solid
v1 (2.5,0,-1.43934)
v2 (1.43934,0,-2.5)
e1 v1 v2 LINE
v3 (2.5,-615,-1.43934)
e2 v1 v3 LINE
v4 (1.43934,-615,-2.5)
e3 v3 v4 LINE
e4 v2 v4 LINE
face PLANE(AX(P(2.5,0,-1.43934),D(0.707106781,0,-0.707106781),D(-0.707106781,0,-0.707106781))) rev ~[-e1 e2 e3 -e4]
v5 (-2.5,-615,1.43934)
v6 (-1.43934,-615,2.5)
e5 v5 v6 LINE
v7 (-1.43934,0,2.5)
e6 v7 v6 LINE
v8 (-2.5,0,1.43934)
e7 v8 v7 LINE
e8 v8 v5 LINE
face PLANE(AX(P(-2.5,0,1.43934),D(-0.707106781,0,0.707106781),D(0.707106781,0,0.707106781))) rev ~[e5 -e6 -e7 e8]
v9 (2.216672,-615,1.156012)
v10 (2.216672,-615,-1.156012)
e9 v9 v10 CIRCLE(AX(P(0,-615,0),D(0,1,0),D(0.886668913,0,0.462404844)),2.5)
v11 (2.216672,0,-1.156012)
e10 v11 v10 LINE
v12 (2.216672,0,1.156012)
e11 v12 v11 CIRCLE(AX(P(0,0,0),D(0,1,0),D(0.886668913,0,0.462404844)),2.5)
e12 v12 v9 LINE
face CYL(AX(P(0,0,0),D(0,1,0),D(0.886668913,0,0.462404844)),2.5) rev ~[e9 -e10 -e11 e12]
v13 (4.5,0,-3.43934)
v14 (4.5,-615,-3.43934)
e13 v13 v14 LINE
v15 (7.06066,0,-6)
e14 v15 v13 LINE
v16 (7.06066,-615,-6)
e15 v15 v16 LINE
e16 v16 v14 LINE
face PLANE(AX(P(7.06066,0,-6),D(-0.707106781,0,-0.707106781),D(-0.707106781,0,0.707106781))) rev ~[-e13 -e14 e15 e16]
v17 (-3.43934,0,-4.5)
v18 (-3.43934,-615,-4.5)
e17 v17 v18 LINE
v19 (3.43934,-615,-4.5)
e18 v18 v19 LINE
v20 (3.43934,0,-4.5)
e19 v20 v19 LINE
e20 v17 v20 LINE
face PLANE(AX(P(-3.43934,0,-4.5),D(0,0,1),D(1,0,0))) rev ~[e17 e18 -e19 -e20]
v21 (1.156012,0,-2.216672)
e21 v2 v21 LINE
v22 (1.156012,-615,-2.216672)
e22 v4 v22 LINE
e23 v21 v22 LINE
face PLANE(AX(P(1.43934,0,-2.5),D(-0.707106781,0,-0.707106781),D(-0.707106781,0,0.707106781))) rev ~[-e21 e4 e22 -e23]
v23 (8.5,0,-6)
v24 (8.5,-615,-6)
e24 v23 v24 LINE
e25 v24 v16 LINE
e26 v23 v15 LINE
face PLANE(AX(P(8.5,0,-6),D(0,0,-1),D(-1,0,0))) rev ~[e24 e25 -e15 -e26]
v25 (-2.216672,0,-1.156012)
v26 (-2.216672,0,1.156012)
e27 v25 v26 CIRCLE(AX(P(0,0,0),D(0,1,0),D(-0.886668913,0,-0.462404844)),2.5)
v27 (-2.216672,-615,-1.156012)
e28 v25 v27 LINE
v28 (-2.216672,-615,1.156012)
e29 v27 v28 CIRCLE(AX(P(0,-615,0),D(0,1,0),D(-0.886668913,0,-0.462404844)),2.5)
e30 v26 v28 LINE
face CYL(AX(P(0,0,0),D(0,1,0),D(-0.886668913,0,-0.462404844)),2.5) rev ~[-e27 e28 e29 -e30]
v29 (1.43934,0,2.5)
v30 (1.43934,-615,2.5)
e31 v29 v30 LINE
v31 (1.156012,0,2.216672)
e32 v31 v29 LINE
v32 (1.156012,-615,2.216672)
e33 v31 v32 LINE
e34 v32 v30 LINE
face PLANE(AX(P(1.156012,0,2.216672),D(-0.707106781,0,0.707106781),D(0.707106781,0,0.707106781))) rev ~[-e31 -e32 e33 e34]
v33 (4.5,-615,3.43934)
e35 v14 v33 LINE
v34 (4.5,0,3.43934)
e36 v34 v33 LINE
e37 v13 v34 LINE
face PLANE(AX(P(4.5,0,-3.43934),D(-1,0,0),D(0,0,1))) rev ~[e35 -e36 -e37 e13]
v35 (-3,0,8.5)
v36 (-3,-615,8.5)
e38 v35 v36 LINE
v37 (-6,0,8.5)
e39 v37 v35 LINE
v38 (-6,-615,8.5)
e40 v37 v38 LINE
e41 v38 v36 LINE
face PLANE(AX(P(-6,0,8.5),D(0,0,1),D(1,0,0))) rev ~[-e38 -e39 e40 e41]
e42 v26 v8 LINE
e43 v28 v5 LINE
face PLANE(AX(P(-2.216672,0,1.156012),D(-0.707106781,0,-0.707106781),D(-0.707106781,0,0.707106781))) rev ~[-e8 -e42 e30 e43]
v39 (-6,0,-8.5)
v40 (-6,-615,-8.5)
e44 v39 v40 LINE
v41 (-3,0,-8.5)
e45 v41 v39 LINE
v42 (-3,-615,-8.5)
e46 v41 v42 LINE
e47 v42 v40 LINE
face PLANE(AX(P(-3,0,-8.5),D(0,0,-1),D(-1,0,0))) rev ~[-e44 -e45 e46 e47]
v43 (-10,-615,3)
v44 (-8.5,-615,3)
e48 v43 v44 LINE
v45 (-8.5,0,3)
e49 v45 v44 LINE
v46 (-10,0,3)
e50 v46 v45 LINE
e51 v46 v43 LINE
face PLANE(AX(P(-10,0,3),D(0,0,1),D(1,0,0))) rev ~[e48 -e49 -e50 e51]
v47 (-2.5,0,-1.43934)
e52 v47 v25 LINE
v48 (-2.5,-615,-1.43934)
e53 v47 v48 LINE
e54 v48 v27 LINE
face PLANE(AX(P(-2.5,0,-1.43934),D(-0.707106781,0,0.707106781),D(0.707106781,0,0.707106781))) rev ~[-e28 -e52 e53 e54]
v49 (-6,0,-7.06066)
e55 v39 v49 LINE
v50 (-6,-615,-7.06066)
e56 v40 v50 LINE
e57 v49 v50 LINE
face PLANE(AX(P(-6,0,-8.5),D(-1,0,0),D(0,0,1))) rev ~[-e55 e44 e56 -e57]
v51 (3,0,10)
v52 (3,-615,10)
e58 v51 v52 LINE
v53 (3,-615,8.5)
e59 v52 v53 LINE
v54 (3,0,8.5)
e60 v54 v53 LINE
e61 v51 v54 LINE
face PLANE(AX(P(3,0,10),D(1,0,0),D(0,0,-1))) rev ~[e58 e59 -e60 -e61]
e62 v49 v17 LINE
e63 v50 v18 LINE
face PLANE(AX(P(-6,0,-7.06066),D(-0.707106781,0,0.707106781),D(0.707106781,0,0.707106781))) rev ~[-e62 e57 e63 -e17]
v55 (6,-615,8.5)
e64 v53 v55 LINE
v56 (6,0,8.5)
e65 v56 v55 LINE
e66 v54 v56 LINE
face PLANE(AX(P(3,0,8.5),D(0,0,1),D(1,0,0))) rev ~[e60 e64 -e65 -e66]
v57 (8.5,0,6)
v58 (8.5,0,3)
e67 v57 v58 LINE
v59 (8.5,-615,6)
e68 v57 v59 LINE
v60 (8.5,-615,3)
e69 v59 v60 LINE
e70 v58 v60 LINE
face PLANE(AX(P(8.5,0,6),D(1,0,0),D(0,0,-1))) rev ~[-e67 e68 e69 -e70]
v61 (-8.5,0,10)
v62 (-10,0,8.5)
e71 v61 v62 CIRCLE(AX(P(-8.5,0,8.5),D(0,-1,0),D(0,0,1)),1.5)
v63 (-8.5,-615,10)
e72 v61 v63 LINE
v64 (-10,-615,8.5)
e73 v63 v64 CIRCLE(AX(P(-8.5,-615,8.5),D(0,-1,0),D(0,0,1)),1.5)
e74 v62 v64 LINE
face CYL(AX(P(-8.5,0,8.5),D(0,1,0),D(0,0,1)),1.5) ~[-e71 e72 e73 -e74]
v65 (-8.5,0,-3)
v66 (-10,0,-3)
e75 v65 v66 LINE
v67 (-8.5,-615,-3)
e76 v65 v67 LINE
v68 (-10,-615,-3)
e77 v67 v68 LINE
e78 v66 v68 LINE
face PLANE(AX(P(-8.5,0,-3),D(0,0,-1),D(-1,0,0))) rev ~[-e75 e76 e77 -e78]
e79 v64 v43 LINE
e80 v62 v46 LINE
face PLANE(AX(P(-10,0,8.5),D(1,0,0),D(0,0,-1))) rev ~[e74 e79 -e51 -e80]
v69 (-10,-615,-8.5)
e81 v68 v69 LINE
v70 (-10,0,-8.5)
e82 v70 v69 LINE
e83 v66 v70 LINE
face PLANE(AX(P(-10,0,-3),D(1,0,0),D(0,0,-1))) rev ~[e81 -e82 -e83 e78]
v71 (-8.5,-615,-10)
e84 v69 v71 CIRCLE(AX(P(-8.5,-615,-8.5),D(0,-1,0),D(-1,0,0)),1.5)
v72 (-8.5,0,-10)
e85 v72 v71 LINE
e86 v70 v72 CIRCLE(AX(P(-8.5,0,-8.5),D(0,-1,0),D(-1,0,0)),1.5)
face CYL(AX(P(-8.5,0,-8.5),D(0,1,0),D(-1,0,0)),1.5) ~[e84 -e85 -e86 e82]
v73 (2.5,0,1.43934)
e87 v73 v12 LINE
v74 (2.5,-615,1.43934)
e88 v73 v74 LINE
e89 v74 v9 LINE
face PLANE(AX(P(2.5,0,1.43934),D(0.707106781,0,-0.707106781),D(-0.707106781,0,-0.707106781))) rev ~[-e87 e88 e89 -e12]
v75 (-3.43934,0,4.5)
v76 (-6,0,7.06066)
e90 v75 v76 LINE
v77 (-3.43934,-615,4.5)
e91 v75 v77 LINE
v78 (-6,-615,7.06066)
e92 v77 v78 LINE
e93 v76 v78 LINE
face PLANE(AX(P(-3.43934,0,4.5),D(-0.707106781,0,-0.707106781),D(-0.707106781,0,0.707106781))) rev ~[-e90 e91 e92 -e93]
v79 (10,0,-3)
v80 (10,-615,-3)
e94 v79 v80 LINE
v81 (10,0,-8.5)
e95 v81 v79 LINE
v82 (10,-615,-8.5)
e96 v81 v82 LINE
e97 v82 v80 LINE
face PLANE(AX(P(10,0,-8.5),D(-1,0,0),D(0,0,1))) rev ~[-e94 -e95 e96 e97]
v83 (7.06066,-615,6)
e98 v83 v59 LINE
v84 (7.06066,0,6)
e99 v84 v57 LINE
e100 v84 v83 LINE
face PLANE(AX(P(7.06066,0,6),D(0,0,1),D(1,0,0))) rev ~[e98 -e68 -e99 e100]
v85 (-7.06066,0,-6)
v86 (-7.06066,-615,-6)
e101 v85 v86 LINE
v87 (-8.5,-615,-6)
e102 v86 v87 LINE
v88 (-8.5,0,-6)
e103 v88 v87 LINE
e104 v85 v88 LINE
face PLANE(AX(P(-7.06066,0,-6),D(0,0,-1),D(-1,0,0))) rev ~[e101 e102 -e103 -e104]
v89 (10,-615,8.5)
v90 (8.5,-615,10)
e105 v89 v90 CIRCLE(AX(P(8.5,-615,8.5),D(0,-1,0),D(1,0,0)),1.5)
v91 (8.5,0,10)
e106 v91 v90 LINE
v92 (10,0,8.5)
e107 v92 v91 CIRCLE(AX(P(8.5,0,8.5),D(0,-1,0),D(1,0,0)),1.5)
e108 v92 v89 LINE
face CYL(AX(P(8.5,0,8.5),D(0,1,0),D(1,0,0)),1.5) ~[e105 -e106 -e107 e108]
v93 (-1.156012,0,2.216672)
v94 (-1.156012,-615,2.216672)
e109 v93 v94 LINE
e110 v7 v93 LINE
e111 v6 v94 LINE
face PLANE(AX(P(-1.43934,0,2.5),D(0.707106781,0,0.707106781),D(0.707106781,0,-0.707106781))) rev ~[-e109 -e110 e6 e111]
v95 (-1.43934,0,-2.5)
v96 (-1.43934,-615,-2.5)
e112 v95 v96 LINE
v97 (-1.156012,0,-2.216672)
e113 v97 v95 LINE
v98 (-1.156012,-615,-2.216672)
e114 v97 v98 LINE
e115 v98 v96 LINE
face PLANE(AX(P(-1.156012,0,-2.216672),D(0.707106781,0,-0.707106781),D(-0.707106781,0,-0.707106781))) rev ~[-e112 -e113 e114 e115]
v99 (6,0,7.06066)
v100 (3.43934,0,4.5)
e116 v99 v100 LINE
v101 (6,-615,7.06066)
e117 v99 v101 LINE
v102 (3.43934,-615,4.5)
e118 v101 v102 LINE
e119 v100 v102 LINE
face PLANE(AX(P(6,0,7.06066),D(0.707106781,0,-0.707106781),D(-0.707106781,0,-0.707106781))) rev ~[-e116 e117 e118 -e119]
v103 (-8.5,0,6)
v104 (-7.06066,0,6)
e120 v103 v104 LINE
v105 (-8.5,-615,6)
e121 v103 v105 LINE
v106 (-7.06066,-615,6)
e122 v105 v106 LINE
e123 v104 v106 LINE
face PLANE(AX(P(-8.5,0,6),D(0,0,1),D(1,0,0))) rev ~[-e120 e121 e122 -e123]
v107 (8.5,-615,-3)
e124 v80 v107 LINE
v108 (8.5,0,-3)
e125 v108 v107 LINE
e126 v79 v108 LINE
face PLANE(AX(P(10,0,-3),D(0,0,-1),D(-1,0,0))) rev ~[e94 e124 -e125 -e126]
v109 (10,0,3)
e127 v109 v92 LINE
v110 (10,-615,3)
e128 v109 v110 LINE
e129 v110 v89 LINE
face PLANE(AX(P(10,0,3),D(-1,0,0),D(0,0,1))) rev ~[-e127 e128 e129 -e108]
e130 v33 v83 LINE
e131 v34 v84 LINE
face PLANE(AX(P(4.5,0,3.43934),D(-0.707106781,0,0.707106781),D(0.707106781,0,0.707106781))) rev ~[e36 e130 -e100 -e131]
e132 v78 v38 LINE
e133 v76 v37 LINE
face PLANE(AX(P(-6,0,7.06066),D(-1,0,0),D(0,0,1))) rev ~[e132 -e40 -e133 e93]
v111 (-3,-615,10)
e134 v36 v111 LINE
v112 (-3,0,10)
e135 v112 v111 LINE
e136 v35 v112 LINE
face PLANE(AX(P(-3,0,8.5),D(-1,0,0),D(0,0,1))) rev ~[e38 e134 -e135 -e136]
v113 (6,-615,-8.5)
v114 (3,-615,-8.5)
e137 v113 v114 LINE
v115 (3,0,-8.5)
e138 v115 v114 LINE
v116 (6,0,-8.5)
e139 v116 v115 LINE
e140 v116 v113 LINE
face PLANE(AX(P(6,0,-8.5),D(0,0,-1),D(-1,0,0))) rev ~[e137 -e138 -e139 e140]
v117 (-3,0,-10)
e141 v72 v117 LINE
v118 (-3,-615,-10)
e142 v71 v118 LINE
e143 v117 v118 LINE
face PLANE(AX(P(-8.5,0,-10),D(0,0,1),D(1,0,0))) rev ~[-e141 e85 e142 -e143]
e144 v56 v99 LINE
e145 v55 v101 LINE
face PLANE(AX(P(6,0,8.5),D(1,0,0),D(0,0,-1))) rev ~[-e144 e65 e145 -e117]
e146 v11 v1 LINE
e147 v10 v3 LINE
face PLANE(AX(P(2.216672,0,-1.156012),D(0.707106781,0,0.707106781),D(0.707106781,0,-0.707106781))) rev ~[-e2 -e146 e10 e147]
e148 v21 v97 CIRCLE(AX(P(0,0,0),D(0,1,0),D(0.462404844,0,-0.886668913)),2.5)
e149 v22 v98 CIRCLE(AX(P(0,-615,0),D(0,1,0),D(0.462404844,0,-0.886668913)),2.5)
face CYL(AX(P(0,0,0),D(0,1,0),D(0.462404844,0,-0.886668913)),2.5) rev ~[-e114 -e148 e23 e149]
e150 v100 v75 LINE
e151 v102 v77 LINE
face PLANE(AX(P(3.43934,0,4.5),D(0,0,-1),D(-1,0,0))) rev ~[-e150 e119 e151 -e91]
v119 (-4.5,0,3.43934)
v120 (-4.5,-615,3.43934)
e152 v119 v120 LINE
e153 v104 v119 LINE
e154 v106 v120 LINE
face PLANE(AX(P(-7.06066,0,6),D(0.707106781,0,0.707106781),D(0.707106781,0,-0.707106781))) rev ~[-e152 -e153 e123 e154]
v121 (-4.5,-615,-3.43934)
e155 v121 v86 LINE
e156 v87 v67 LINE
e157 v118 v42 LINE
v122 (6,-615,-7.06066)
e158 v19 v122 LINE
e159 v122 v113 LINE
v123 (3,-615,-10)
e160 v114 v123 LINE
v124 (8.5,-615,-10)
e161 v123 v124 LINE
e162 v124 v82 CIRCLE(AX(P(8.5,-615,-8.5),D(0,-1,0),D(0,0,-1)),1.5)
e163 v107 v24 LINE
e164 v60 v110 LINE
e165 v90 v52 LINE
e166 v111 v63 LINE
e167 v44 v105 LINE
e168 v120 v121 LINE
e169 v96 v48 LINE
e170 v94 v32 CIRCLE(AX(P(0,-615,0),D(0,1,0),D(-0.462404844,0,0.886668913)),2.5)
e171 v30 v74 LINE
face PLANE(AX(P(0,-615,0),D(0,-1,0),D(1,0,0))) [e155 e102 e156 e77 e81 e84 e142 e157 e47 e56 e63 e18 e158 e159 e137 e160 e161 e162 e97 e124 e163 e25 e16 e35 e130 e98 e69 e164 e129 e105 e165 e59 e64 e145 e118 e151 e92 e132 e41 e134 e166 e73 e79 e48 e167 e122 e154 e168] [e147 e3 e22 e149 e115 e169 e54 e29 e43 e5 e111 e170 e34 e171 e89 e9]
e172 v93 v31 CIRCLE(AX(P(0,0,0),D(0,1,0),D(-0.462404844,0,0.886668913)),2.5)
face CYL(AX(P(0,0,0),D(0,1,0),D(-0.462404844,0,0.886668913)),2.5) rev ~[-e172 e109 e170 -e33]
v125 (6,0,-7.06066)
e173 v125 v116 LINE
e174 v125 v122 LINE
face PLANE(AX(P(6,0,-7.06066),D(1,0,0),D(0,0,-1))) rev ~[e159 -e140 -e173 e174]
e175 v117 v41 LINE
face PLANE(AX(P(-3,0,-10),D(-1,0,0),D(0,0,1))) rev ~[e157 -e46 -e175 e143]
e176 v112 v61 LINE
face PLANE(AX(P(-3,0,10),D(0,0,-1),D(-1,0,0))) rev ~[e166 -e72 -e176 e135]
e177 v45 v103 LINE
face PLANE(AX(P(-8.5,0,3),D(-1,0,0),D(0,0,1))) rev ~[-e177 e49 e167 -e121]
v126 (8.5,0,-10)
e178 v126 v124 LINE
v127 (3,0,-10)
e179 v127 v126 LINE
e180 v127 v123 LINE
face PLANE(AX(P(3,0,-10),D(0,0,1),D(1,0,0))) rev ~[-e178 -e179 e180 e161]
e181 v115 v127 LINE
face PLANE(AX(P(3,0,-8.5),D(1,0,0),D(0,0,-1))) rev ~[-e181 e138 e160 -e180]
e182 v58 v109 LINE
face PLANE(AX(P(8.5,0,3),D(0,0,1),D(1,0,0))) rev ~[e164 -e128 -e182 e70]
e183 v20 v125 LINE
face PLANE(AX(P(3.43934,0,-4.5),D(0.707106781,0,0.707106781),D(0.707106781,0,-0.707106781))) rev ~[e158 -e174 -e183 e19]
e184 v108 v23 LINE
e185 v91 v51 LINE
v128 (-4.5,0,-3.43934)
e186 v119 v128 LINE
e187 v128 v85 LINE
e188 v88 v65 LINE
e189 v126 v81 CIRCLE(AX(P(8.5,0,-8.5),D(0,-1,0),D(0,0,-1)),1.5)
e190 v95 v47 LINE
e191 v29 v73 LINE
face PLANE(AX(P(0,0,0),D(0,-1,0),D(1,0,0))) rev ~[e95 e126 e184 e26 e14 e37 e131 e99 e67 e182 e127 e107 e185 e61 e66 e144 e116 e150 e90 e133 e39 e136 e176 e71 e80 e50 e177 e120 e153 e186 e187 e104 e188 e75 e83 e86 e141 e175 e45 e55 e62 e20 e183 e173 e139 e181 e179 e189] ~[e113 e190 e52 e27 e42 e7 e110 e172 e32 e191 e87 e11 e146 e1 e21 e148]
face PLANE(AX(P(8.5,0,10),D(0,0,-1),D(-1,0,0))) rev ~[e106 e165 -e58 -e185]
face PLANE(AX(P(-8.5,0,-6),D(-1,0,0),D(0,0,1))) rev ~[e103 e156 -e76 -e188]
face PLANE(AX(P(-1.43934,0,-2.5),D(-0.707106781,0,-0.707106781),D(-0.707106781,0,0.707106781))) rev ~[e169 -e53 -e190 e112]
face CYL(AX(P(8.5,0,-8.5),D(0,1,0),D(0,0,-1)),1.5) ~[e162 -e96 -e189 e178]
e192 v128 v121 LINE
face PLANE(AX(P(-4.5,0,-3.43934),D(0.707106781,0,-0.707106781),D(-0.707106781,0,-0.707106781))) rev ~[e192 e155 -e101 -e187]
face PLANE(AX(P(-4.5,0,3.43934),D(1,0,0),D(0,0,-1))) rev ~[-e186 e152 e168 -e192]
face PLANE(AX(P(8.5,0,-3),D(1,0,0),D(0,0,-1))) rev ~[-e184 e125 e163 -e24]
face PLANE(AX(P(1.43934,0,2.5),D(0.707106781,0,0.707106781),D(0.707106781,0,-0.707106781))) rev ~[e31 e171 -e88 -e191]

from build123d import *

# Parameters (mm, degrees)
F1_DEPTH = 615


with BuildPart() as f1:
    # F0 (on Front) → F1 (new body)
    with BuildSketch(Plane.XZ):
        with BuildLine():
            Line((3, -10), (8.5, -10))
            ThreePointArc((8.5, -10), (9.5606601718, -9.5606601718), (10, -8.5))
            Line((10, -8.5), (10, -3))
            Line((10, -3), (8.5, -3))
            Line((8.5, -3), (8.5, -6))
            Line((8.5, -6), (7.0606601718, -6))
            Line((7.0606601718, -6), (4.5, -3.4393398282))
            Line((4.5, -3.4393398282), (4.5, 3.4393398282))
            Line((4.5, 3.4393398282), (7.0606601718, 6))
            Line((7.0606601718, 6), (8.5, 6))
            Line((8.5, 6), (8.5, 3))
            Line((8.5, 3), (10, 3))
            Line((10, 3), (10, 8.5))
            ThreePointArc((10, 8.5), (9.5606601718, 9.5606601718), (8.5, 10))
            Line((8.5, 10), (3, 10))
            Line((3, 10), (3, 8.5))
            Line((3, 8.5), (6, 8.5))
            Line((6, 8.5), (6, 7.0606601718))
            Line((6, 7.0606601718), (3.4393398282, 4.5))
            Line((3.4393398282, 4.5), (-3.4393398282, 4.5))
            Line((-3.4393398282, 4.5), (-6, 7.0606601718))
            Line((-6, 7.0606601718), (-6, 8.5))
            Line((-6, 8.5), (-3, 8.5))
            Line((-3, 8.5), (-3, 10))
            Line((-3, 10), (-8.5, 10))
            ThreePointArc((-8.5, 10), (-9.5606601718, 9.5606601718), (-10, 8.5))
            Line((-10, 8.5), (-10, 3))
            Line((-10, 3), (-8.5, 3))
            Line((-8.5, 3), (-8.5, 6))
            Line((-8.5, 6), (-7.0606601718, 6))
            Line((-7.0606601718, 6), (-4.5, 3.4393398282))
            Line((-4.5, 3.4393398282), (-4.5, -3.4393398282))
            Line((-4.5, -3.4393398282), (-7.0606601718, -6))
            Line((-7.0606601718, -6), (-8.5, -6))
            Line((-8.5, -6), (-8.5, -3))
            Line((-8.5, -3), (-10, -3))
            Line((-10, -3), (-10, -8.5))
            ThreePointArc((-10, -8.5), (-9.5606601718, -9.5606601718), (-8.5, -10))
            Line((-8.5, -10), (-3, -10))
            Line((-3, -10), (-3, -8.5))
            Line((-3, -8.5), (-6, -8.5))
            Line((-6, -8.5), (-6, -7.0606601718))
            Line((-6, -7.0606601718), (-3.4393398282, -4.5))
            Line((-3.4393398282, -4.5), (3.4393398282, -4.5))
            Line((3.4393398282, -4.5), (6, -7.0606601718))
            Line((6, -7.0606601718), (6, -8.5))
            Line((6, -8.5), (3, -8.5))
            Line((3, -8.5), (3, -10))
        make_face()
        with BuildLine():
            ThreePointArc((-1.1560121095, 2.2166722813), (0, 2.5), (1.1560121095, 2.2166722813))
            Line((1.1560121095, 2.2166722813), (1.4393398282, 2.5))
            Line((1.4393398282, 2.5), (2.5, 1.4393398282))
            Line((2.5, 1.4393398282), (2.2166722813, 1.1560121095))
            ThreePointArc((2.2166722813, 1.1560121095), (2.5, 0), (2.2166722813, -1.1560121095))
            Line((2.2166722813, -1.1560121095), (2.5, -1.4393398282))
            Line((2.5, -1.4393398282), (1.4393398282, -2.5))
            Line((1.4393398282, -2.5), (1.1560121095, -2.2166722813))
            ThreePointArc((1.1560121095, -2.2166722813), (0, -2.5), (-1.1560121095, -2.2166722813))
            Line((-1.1560121095, -2.2166722813), (-1.4393398282, -2.5))
            Line((-1.4393398282, -2.5), (-2.5, -1.4393398282))
            Line((-2.5, -1.4393398282), (-2.2166722813, -1.1560121095))
            ThreePointArc((-2.2166722813, -1.1560121095), (-2.5, 0), (-2.2166722813, 1.1560121095))
            Line((-2.2166722813, 1.1560121095), (-2.5, 1.4393398282))
            Line((-2.5, 1.4393398282), (-1.4393398282, 2.5))
            Line((-1.4393398282, 2.5), (-1.1560121095, 2.2166722813))
        make_face(mode=Mode.SUBTRACT)
    extrude(amount=F1_DEPTH)


solid = f1.part
